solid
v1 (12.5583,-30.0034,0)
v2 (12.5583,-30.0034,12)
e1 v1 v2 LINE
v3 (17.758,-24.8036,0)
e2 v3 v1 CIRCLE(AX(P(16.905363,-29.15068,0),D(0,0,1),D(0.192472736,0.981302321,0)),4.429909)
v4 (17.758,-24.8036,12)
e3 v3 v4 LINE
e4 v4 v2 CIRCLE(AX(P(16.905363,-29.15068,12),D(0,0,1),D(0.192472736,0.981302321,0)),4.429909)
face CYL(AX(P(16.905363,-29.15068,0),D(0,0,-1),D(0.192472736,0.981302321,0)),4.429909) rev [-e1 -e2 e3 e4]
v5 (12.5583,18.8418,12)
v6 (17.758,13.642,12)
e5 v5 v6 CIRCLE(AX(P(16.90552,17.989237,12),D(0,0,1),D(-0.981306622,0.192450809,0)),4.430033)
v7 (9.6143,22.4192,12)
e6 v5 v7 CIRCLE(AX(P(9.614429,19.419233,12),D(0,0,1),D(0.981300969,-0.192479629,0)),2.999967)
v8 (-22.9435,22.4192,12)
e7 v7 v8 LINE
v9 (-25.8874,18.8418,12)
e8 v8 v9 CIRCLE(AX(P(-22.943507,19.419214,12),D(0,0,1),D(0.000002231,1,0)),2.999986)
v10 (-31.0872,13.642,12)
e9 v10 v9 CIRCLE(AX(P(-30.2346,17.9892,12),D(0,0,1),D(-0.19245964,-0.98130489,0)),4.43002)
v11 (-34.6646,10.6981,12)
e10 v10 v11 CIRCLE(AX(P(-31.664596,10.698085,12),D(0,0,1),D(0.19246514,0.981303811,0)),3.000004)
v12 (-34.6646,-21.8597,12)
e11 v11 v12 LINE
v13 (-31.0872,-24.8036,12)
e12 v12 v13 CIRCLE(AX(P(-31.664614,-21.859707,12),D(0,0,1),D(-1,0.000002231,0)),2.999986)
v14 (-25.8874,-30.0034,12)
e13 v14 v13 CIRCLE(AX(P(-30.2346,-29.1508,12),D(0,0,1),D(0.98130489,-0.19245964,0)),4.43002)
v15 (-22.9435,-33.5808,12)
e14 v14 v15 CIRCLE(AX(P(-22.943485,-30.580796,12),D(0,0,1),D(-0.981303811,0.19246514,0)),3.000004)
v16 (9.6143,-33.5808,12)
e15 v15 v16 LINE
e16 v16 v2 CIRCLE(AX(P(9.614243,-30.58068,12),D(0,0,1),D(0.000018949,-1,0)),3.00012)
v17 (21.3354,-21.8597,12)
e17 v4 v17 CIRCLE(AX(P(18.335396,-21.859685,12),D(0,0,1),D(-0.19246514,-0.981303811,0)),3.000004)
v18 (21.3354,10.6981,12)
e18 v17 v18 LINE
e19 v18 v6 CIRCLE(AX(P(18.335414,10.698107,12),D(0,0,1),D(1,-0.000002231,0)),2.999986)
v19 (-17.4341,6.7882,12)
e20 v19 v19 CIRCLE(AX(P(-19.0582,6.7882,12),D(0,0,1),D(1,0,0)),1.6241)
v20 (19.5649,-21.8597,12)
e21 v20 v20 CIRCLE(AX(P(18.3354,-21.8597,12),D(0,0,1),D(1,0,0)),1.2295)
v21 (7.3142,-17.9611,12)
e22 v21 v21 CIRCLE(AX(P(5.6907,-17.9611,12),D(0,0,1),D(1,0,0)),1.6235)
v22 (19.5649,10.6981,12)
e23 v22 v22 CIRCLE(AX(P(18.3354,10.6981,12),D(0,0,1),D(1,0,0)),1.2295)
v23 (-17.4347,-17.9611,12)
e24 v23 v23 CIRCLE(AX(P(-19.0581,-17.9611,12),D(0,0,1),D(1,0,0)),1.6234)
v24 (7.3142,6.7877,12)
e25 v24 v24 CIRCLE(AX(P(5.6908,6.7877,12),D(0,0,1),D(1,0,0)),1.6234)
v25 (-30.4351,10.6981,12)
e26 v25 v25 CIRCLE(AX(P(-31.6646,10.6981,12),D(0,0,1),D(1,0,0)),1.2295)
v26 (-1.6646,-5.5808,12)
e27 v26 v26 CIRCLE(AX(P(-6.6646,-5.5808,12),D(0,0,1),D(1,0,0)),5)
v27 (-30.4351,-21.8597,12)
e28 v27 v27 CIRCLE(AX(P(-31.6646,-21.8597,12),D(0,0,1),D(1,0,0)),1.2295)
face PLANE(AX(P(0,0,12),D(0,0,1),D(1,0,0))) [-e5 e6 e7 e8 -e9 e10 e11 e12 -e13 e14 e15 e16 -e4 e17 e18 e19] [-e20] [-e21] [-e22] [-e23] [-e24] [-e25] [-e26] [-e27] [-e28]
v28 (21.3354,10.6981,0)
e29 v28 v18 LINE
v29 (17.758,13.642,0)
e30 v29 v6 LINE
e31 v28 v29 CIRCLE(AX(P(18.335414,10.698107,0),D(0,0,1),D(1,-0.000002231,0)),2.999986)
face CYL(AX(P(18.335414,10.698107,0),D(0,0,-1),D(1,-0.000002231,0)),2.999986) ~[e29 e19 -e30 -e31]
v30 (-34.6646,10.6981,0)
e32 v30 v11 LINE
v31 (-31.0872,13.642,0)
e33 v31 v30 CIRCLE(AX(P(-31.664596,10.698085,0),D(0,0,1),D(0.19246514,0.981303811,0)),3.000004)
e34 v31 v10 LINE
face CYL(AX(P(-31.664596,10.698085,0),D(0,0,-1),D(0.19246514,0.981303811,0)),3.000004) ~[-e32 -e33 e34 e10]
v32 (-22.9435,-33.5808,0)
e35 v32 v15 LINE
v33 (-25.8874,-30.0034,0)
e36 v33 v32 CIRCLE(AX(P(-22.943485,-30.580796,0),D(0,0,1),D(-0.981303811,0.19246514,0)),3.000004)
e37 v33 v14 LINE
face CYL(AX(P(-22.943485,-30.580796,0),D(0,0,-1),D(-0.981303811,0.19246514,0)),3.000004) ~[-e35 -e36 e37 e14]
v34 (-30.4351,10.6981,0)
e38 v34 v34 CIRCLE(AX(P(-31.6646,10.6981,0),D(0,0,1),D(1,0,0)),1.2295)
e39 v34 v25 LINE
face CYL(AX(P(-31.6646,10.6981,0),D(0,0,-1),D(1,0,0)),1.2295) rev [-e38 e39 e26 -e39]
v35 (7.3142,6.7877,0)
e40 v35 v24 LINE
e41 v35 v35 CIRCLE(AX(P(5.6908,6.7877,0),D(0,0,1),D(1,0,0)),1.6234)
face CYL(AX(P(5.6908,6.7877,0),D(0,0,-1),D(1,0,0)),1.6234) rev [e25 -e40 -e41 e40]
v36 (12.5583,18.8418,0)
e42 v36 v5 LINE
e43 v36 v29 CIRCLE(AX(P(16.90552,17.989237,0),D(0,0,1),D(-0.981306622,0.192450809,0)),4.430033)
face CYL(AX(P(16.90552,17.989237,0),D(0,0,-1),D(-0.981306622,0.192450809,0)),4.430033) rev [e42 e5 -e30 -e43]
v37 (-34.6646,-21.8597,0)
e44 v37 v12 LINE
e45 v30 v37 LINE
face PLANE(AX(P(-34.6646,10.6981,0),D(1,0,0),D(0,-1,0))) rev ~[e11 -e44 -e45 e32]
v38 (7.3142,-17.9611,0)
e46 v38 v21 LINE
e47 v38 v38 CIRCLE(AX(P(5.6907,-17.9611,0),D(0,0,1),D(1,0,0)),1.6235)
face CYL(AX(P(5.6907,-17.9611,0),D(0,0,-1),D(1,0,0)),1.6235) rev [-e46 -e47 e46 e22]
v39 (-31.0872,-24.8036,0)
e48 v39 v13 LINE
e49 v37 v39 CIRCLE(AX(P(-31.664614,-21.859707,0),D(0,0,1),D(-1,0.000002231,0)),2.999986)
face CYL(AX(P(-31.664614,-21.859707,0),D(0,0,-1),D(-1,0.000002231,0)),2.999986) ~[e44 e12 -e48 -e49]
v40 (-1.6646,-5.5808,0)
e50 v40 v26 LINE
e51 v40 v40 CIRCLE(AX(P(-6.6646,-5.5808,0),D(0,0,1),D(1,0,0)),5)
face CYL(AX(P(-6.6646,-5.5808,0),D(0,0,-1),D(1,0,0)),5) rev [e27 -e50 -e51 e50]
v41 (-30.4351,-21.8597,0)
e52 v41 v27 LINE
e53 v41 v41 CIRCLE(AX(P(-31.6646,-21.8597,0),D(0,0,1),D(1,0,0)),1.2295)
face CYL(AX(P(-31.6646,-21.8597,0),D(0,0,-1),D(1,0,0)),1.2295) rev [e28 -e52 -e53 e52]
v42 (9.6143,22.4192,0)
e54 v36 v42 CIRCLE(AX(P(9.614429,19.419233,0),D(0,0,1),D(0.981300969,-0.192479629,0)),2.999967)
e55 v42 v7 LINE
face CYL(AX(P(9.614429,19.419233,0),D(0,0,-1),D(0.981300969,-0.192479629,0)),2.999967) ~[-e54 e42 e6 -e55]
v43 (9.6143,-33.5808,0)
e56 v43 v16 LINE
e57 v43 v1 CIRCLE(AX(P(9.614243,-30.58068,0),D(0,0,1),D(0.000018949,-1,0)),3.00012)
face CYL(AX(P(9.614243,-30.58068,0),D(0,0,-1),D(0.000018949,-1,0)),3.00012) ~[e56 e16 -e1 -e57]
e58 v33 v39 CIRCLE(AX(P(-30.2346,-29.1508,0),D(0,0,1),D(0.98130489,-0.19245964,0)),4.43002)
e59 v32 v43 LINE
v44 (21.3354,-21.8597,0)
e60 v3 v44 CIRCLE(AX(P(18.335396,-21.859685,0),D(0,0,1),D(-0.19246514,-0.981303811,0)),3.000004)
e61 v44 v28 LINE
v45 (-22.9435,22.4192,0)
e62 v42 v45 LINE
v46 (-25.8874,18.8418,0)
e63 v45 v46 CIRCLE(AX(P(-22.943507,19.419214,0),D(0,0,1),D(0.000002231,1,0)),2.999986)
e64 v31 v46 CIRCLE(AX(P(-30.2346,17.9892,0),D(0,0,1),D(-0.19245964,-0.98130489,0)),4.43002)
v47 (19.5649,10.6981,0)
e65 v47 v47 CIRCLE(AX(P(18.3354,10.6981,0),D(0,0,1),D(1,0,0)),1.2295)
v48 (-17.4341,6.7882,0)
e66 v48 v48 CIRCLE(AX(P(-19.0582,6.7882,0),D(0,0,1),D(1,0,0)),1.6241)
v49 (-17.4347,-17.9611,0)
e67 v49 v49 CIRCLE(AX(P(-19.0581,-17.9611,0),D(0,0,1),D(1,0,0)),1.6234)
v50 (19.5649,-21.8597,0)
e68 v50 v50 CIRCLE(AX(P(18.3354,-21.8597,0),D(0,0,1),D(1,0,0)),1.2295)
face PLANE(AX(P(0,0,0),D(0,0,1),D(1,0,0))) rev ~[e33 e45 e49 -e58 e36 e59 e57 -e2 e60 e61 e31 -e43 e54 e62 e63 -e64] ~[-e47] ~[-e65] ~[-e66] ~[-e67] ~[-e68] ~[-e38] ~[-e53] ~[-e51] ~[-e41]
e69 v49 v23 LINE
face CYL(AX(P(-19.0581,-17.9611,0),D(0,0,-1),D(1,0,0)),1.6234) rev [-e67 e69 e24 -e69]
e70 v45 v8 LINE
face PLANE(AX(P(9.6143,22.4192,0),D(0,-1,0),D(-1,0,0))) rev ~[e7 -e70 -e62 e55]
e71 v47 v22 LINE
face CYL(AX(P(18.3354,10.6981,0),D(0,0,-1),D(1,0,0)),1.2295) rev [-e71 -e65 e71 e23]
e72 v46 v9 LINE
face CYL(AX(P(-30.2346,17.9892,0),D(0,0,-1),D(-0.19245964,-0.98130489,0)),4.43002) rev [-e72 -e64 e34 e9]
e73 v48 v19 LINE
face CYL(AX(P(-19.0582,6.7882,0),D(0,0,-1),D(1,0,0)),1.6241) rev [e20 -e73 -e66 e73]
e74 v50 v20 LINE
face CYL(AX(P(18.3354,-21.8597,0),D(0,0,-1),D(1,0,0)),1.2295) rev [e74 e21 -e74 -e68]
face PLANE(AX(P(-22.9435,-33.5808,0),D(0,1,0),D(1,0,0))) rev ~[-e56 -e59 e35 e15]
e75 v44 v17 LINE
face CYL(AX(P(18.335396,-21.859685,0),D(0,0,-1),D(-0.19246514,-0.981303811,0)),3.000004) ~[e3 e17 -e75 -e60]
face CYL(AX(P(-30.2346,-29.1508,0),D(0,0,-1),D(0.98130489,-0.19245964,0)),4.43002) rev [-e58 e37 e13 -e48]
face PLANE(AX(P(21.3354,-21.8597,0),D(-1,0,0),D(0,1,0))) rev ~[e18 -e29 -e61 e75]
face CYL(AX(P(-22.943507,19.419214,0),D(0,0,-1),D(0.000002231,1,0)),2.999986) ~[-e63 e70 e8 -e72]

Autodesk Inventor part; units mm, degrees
ref_plane "YZ Plane" through (0, 0, 0) normal (1, 0, 0) x (0, 1, 0)
ref_plane "XZ Plane" through (0, 0, 0) normal (0, 1, 0) x (-1, 0, 0)
ref_plane "XY Plane" through (0, 0, 0) normal (0, 0, 1) x (1, 0, 0)
sketch "Base" plane through (0, 0, 0) normal (0, 0, 1) x (1, 0, 0)
  circle A0 centre (18.3354, -21.8597) radius 1.2295
  circle A1 centre (-31.6646, -21.8597) radius 1.2295
  circle A2 centre (18.3354, 10.6981) radius 1.2295
  circle A3 centre (-31.6646, 10.6981) radius 1.2295
  circle A4 centre (-6.6646, -5.5808) radius 5
  arc A5 (21.3354, 10.6981) -> (17.758, 13.642) centre (18.3354, 10.6981) ccw
  arc A6 (12.5583, 18.8418) -> (17.758, 13.642) centre (16.9054, 17.9892) ccw
  arc A7 (12.5583, 18.8418) -> (9.6143, 22.4192) centre (9.6143, 19.4192) ccw
  line L0 (9.6143, 22.4192) -> (-22.9435, 22.4192)
  arc A8 (-22.9435, 22.4192) -> (-25.8874, 18.8418) centre (-22.9435, 19.4192) ccw
  arc A9 (-31.0872, 13.642) -> (-25.8874, 18.8418) centre (-30.2346, 17.9892) ccw
  arc A10 (-31.0872, 13.642) -> (-34.6646, 10.6981) centre (-31.6646, 10.6981) ccw
  line L1 (-34.6646, 10.6981) -> (-34.6646, -21.8597)
  arc A11 (-34.6646, -21.8597) -> (-31.0872, -24.8036) centre (-31.6646, -21.8597) ccw
  arc A12 (-25.8874, -30.0034) -> (-31.0872, -24.8036) centre (-30.2346, -29.1508) ccw
  arc A13 (-25.8874, -30.0034) -> (-22.9435, -33.5808) centre (-22.9435, -30.5808) ccw
  line L2 (-22.9435, -33.5808) -> (9.6143, -33.5808)
  arc A14 (9.6143, -33.5808) -> (12.5583, -30.0034) centre (9.6143, -30.5808) ccw
  arc A15 (17.758, -24.8036) -> (12.5583, -30.0034) centre (16.9054, -29.1508) ccw
  arc A16 (17.758, -24.8036) -> (21.3354, -21.8597) centre (18.3354, -21.8597) ccw
  line L3 (21.3354, -21.8597) -> (21.3354, 10.6981)
  circle A17 centre (-19.0581, -17.9611) radius 1.6234
  circle A18 centre (-19.0582, 6.7882) radius 1.6241
  circle A19 centre (5.6908, 6.7877) radius 1.6234
  circle A20 centre (5.6907, -17.9611) radius 1.6235
  point P0 (0, 0)
extrude "Plate1" add sketch "Base" along normal blind 12
equation "\"d0\" = Thickness"
equation "\"BendRadius\" = Thickness"
equation "\"BendReliefWidth\" = Thickness"
equation "\"BendReliefDepth\" = 0.5 * Thickness"
equation "\"CornerReliefSize\" = 4 * Thickness"
equation "\"MinimumRemnant\" = 2 * Thickness"
equation "\"TransitionRadius\" = BendRadius"
equation "\"JacobiRadiusSize\" = BendRadius"
equation "\"GapSize\" = Thickness"
equation "\"Thickness\" = 12"
properties part number "NeckEncoderMount"
